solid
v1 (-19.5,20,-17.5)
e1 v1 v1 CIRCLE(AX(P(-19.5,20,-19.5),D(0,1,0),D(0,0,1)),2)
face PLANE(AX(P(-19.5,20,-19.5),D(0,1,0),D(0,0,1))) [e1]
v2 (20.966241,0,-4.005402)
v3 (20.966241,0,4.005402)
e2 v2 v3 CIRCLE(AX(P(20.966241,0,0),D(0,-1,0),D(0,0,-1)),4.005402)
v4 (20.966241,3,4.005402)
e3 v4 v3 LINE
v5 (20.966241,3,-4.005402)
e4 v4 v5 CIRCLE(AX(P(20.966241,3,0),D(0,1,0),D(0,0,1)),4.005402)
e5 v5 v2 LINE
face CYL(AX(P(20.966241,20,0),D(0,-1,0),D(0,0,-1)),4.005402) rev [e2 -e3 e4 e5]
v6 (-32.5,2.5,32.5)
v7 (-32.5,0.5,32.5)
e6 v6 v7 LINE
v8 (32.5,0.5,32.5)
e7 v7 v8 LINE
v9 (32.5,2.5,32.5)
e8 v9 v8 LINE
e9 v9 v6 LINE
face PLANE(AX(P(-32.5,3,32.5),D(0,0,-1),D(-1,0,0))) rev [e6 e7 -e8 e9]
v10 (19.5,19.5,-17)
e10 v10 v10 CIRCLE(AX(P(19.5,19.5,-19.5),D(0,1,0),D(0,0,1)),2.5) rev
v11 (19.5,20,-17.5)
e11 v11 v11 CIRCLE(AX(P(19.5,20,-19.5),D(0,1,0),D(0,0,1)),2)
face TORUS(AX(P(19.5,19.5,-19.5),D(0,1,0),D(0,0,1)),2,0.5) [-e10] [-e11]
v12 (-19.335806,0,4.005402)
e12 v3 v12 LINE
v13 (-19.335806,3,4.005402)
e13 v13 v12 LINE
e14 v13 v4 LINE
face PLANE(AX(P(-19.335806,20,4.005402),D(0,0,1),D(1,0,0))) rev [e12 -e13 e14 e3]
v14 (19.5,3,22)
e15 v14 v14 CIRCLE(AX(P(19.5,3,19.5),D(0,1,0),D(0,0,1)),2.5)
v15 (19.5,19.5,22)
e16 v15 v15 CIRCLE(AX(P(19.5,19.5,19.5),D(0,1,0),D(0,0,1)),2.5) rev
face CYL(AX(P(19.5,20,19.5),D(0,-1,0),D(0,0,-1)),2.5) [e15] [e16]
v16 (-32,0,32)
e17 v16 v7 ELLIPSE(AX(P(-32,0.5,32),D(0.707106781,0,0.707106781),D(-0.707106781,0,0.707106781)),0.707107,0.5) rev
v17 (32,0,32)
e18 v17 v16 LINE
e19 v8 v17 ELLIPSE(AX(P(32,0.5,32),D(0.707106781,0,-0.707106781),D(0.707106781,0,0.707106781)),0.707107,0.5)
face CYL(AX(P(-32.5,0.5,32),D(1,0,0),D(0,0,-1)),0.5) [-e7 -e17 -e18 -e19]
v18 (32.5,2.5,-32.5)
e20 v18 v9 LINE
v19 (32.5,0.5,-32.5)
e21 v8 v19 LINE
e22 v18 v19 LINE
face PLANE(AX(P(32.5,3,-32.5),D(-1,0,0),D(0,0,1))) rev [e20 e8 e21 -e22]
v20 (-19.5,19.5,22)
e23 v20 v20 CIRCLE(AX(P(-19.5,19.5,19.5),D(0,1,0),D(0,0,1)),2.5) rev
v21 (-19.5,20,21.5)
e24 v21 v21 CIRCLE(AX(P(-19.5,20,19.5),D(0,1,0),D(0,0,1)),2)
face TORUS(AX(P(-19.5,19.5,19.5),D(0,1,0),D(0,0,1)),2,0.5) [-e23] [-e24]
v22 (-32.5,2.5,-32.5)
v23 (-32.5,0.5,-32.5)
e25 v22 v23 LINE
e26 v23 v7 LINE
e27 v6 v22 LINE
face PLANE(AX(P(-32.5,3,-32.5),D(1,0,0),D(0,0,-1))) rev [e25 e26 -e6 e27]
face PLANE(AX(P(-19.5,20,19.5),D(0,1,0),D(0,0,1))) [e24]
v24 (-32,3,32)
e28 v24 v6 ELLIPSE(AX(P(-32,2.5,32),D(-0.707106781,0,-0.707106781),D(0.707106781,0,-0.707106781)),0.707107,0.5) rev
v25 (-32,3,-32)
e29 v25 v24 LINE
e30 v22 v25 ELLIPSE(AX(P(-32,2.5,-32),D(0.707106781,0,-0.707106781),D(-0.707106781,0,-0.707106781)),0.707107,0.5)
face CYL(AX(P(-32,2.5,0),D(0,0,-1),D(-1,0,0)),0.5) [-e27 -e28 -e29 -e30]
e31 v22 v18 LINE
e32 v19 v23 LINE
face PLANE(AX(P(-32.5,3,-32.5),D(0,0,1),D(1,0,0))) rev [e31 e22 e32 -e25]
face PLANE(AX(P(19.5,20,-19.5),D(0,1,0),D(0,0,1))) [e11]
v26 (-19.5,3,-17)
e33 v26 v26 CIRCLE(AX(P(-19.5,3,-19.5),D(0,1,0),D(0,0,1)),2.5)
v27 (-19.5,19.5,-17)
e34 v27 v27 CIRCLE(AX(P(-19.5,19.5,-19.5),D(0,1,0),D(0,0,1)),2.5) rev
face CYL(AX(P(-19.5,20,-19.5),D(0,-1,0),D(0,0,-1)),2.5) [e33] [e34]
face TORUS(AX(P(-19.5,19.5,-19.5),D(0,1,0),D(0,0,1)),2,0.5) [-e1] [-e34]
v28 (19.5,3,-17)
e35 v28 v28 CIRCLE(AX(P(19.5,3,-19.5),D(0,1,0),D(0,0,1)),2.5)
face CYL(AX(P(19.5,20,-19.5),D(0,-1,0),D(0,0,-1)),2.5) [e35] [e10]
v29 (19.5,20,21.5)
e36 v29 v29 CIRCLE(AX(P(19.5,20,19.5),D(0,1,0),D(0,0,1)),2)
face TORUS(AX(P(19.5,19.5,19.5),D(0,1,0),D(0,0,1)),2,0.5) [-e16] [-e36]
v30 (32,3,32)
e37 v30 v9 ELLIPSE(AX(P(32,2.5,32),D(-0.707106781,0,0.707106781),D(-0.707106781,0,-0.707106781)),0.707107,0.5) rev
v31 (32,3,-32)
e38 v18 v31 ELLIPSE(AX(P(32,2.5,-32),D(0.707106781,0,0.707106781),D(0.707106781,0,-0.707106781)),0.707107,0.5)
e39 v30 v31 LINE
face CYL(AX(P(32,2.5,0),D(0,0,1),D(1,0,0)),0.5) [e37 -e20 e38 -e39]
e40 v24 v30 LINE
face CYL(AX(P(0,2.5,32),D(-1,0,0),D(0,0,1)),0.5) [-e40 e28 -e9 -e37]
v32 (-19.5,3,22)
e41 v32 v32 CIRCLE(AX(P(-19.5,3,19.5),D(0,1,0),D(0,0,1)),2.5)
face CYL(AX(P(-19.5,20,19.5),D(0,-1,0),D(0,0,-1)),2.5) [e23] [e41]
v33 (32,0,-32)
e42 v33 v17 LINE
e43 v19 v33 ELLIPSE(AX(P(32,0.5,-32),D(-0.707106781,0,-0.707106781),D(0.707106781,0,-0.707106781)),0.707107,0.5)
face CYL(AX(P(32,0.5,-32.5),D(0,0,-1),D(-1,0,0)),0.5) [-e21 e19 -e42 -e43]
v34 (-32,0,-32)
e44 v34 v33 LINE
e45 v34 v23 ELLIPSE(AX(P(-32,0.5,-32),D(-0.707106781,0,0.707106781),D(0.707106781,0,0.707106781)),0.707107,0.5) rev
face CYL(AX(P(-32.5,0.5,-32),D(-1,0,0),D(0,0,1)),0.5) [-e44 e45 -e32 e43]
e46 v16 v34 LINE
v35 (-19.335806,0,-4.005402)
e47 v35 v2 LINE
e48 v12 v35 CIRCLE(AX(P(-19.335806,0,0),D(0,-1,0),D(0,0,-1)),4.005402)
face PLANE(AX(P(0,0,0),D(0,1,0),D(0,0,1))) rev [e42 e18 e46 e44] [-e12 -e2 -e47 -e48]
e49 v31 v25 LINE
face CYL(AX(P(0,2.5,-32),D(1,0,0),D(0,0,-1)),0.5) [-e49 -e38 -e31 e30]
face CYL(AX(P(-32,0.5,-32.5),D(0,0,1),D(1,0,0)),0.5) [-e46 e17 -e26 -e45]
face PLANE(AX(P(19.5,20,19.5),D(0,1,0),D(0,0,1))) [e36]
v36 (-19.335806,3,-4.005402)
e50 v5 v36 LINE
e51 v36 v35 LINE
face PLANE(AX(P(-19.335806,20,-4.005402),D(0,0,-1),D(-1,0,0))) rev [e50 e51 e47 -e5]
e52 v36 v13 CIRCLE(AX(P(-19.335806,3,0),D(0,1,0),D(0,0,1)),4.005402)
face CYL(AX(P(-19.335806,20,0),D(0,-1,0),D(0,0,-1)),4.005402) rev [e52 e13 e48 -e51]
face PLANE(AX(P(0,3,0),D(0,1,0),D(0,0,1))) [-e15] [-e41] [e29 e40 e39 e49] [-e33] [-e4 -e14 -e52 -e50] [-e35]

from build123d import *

# Parameters (mm, degrees)
SKETCH1_W           = 65
SKETCH1_H           = 65
BOSS_EXTRUDE1_DEPTH = 3
SKETCH2_R           = 2.5
BOSS_EXTRUDE2_DEPTH = 17
CUT_EXTRUDE1_DEPTH  = 21
FILLET1_R           = 0.5


with BuildPart() as part:
    # Sketch1 → Boss-Extrude1 (new body)
    with BuildSketch(Plane(origin=(0, 0, 0), x_dir=(1, 0, 0), z_dir=(0, 1, 0))):
        Rectangle(SKETCH1_W, SKETCH1_H)
    extrude(amount=BOSS_EXTRUDE1_DEPTH)

    # Sketch2 → Boss-Extrude2 (add)
    with BuildSketch(Plane(origin=(0, 3, 0), x_dir=(1, 0, 0), z_dir=(0, 1, 0))):
        with Locations((-19.5, 19.5)):
            Circle(SKETCH2_R)
        with Locations((19.5, 19.5)):
            Circle(SKETCH2_R)
        with Locations((-19.5, -19.5)):
            Circle(SKETCH2_R)
        with Locations((19.5, -19.5)):
            Circle(SKETCH2_R)
    extrude(amount=BOSS_EXTRUDE2_DEPTH)

    # Sketch3 → Cut-Extrude1 (cut, through all)
    with BuildSketch(Plane.XZ):
        with BuildLine():
            Line((-19.335806009, 4.005402362), (20.966240956, 4.005402362))
            ThreePointArc((20.966240956, 4.005402362), (24.971643318, 0), (20.966240956, -4.005402362))
            Line((20.966240956, -4.005402362), (-19.335806009, -4.005402362))
            ThreePointArc((-19.335806009, -4.005402362), (-23.34120837, 0), (-19.335806009, 4.005402362))
        make_face()
    extrude(amount=-CUT_EXTRUDE1_DEPTH, mode=Mode.SUBTRACT)

    # Fillet1
    fillet1_edges = [part.edges().sort_by_distance(p)[0] for p in [
        (-32.5, 3, 0),
        (-22, 20, -19.5),
        (0, 3, 32.5),
        (17, 20, -19.5),
        (-22, 20, 19.5),
        (17, 20, 19.5),
        (32.5, 3, 0),
        (0, 0, 32.5),
        (-32.5, 0, 0),
        (0, 0, -32.5),
        (32.5, 0, 0),
        (0, 3, -32.5),
    ]]
    fillet(fillet1_edges, radius=FILLET1_R)


solid = part.part
